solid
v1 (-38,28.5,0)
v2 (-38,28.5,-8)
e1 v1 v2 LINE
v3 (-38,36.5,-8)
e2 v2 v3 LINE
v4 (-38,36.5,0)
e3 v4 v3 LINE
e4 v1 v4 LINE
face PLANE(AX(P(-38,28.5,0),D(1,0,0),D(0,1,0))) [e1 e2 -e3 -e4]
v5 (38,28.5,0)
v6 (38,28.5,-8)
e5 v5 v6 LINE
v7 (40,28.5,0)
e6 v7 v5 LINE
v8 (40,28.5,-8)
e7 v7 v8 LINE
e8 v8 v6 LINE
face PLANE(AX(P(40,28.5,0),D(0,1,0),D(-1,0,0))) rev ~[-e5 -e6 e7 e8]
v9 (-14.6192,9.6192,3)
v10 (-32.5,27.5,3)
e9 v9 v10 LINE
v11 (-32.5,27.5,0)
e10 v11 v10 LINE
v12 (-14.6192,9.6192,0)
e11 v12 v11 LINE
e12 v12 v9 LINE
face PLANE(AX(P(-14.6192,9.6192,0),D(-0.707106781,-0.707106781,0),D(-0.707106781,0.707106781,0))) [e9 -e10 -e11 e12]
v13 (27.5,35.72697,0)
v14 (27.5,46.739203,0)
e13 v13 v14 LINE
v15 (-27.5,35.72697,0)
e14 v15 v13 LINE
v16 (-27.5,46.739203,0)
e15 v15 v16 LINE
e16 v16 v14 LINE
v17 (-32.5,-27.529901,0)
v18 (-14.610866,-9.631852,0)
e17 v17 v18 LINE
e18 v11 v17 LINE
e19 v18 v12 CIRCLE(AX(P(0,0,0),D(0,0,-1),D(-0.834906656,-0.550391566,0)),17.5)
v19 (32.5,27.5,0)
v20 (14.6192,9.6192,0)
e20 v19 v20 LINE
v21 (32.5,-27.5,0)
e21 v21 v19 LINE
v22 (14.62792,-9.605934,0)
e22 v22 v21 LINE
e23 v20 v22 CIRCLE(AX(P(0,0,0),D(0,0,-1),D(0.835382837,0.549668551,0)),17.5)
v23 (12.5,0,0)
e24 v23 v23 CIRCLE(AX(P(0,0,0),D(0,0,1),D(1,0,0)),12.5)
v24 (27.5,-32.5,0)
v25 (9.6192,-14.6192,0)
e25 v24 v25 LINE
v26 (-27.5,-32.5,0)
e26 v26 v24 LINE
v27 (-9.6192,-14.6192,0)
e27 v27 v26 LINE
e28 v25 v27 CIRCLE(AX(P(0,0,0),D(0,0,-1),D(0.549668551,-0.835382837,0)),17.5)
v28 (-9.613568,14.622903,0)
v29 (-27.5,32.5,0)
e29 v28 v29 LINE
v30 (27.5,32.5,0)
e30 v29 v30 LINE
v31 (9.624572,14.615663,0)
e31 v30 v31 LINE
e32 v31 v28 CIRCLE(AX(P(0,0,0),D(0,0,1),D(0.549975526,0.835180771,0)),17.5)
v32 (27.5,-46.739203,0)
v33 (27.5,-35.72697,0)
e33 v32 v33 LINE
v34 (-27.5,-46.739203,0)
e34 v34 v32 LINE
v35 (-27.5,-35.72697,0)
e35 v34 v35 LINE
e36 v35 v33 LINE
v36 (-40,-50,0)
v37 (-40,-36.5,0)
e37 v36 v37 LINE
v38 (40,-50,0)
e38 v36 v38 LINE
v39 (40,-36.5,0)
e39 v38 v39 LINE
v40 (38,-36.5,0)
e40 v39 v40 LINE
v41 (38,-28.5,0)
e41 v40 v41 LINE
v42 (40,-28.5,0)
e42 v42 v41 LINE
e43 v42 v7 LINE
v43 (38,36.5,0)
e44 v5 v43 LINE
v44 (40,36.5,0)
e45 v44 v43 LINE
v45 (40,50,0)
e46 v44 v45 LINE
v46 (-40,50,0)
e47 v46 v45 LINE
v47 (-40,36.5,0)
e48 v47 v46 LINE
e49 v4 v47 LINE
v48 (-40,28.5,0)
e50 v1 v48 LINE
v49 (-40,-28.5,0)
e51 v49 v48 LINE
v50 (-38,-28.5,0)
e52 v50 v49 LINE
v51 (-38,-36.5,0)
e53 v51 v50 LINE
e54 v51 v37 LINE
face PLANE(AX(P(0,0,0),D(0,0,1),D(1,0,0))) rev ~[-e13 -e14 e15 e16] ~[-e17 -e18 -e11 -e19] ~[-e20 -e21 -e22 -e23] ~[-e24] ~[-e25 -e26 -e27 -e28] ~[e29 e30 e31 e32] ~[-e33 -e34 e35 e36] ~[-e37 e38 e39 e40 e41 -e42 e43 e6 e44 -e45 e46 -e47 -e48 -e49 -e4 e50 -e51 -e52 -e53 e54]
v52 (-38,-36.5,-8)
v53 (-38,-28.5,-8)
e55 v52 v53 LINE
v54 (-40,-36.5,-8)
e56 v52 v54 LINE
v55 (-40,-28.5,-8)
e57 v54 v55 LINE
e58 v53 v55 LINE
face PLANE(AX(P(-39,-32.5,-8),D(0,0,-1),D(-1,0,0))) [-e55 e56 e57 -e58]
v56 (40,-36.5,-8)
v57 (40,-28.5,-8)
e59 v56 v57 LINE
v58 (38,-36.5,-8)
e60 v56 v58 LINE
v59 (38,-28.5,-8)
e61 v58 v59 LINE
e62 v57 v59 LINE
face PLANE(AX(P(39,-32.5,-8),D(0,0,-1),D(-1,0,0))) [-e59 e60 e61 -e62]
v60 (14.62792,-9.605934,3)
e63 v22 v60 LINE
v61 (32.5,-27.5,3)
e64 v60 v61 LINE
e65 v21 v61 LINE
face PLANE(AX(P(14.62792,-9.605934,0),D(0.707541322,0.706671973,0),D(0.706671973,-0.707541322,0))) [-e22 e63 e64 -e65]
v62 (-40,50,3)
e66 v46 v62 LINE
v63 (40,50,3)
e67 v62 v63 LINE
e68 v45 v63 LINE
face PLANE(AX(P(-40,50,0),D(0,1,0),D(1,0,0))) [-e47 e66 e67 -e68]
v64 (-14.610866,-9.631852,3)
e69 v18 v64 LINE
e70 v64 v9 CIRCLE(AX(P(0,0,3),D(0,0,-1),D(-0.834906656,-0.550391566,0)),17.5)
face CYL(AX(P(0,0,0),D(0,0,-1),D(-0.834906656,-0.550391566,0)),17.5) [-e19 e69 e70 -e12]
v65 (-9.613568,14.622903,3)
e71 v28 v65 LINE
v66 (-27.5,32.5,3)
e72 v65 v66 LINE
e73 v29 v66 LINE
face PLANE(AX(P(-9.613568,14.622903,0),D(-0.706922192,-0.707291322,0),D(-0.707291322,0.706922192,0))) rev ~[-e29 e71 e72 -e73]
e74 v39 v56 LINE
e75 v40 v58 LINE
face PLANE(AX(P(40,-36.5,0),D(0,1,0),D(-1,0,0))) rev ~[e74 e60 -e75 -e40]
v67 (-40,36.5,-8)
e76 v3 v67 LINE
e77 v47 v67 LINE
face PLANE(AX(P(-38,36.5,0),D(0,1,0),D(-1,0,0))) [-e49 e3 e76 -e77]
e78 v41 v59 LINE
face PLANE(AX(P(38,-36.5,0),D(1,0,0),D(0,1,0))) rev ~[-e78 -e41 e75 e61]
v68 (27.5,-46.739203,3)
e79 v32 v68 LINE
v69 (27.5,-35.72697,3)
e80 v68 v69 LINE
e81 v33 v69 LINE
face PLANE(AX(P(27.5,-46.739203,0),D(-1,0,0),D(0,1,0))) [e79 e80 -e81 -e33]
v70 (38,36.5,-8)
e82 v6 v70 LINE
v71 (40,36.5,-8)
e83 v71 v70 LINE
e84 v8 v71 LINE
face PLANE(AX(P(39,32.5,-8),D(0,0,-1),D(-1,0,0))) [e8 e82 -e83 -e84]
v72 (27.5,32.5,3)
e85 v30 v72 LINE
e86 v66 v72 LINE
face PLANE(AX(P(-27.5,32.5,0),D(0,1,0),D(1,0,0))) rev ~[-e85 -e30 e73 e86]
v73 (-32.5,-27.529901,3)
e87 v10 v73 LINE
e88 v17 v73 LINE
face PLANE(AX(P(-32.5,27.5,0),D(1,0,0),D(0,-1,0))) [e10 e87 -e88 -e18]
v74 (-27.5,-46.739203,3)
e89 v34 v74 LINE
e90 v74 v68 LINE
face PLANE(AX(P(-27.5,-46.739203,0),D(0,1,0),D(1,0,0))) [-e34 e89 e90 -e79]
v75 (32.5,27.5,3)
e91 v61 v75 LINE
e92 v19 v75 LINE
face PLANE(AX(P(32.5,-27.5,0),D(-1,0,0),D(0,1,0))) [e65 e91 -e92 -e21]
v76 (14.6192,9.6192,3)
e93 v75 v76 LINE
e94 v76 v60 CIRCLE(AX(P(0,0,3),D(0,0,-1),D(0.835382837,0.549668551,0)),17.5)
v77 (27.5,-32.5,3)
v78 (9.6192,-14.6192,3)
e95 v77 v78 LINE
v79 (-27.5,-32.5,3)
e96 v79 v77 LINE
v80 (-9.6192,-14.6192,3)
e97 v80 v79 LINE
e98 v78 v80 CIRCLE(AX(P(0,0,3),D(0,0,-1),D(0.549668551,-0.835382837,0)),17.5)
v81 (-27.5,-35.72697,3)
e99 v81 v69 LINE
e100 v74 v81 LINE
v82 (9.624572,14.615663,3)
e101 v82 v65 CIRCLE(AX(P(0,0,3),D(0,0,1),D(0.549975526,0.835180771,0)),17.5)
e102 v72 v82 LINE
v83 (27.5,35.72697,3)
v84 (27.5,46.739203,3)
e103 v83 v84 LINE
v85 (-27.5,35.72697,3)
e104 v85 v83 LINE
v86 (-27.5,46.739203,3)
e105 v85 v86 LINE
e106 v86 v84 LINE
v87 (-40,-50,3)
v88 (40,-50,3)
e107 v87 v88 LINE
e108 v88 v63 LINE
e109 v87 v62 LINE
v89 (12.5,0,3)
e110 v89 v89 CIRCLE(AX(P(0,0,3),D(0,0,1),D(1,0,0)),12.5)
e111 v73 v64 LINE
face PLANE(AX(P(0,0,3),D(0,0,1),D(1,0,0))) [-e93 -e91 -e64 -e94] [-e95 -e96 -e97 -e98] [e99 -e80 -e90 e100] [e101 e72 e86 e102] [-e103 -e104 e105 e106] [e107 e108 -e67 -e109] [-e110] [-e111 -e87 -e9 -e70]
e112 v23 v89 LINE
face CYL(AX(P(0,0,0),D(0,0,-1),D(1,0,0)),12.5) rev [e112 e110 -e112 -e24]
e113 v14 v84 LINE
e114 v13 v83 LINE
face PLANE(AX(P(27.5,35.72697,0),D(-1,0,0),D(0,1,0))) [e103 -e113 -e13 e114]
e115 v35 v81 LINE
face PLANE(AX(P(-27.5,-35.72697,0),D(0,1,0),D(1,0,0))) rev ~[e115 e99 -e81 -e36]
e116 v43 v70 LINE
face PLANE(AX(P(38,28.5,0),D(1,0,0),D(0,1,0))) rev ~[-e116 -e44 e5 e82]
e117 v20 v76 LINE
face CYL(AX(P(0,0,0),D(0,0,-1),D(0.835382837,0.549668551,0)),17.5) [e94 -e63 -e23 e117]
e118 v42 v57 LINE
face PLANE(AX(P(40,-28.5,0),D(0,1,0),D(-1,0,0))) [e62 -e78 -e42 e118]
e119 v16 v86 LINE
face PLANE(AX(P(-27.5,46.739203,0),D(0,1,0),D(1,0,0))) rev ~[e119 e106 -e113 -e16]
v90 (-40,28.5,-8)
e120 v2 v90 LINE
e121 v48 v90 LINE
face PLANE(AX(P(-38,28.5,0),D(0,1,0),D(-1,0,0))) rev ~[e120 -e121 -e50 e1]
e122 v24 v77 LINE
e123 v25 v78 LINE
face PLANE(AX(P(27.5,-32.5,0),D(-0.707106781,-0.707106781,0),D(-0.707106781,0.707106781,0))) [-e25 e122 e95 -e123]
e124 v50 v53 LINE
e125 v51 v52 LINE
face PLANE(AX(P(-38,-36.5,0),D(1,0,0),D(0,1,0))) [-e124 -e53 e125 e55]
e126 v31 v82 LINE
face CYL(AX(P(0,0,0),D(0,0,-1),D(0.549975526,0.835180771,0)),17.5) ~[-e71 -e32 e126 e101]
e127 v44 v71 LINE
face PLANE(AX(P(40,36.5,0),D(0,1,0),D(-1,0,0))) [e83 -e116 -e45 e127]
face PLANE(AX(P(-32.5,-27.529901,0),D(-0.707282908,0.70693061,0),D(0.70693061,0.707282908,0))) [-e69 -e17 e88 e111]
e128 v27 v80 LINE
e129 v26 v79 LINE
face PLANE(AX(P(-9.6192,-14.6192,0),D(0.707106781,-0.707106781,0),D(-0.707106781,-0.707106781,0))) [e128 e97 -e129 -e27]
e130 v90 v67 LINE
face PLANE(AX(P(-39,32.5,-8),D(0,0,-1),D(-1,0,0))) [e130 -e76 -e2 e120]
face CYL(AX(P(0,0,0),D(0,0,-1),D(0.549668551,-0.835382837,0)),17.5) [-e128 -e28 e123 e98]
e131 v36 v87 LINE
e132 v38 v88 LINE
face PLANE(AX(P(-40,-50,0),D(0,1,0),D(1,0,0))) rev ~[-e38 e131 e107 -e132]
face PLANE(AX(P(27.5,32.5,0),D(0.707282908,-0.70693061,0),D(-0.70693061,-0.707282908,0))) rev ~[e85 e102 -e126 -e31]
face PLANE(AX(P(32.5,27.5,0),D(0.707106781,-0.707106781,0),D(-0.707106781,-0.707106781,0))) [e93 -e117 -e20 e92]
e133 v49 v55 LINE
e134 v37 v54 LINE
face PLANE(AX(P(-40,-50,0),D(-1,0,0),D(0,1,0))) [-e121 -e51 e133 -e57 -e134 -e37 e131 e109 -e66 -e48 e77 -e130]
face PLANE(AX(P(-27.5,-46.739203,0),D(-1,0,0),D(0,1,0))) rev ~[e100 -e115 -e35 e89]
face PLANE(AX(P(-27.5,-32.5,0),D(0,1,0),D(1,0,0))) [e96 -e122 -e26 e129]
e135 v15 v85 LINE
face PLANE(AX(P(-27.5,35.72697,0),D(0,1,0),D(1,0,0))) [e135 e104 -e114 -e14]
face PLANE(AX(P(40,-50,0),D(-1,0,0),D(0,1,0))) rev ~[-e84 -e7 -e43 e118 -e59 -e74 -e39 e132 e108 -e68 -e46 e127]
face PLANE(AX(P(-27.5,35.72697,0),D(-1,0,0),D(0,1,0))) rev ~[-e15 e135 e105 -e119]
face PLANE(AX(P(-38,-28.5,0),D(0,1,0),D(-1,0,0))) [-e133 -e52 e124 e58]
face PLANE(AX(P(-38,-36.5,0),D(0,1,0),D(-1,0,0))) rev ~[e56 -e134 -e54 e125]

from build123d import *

# Parameters (mm, degrees)
SKETCH1_W           = 80
SKETCH1_H           = 100
SKETCH1_R           = 12.5
SKETCH1_W_2         = 55
SKETCH1_H_2         = 11.012232525
BOSS_EXTRUDE4_DEPTH = 3
SKETCH4_W           = 2
SKETCH4_H           = 8
BOSS_EXTRUDE7_DEPTH = 8


with BuildPart() as part:
    # Sketch1 → Boss-Extrude4 (new body)
    with BuildSketch(Plane.XY):
        Rectangle(SKETCH1_W, SKETCH1_H)
        Circle(SKETCH1_R, mode=Mode.SUBTRACT)
        with BuildLine():
            Line((-27.5, 32.5), (27.5, 32.5))
            Line((27.5, 32.5), (9.624571705, 14.615663498))
            ThreePointArc((9.624571705, 14.615663498), (0.00658569, 17.499998761), (-9.613568497, 14.622903294))
            Line((-9.613568497, 14.622903294), (-27.5, 32.5))
        make_face(mode=Mode.SUBTRACT)
        with BuildLine():
            Line((-32.5, 27.5), (-32.5, -27.529900959))
            Line((-32.5, -27.529900959), (-14.610866481, -9.631852402))
            ThreePointArc((-14.610866481, -9.631852402), (-17.49999836, -0.007575188), (-14.619199644, 9.619199644))
            Line((-14.619199644, 9.619199644), (-32.5, 27.5))
        make_face(mode=Mode.SUBTRACT)
        with BuildLine():
            Line((-27.5, -32.5), (27.5, -32.5))
            Line((27.5, -32.5), (9.619199644, -14.619199644))
            ThreePointArc((9.619199644, -14.619199644), (0, -17.5), (-9.619199644, -14.619199644))
            Line((-9.619199644, -14.619199644), (-27.5, -32.5))
        make_face(mode=Mode.SUBTRACT)
        with BuildLine():
            Line((32.5, 27.5), (14.619199644, 9.619199644))
            ThreePointArc((14.619199644, 9.619199644), (17.4999982, 0.007937724), (14.627919862, -9.60593361))
            Line((14.627919862, -9.60593361), (32.5, -27.5))
            Line((32.5, -27.5), (32.5, 27.5))
        make_face(mode=Mode.SUBTRACT)
        with Locations((0, -41.233086376)):
            Rectangle(SKETCH1_W_2, SKETCH1_H_2, mode=Mode.SUBTRACT)
        with Locations((0, 41.233086376)):
            Rectangle(SKETCH1_W_2, SKETCH1_H_2, mode=Mode.SUBTRACT)
    extrude(amount=BOSS_EXTRUDE4_DEPTH)

    # Sketch4 → Boss-Extrude7 (add)
    with BuildSketch(Plane(origin=(0, 0, 0), x_dir=(-1, 0, 0), z_dir=(0, 0, -1))):
        with Locations((-39, 32.5)):
            Rectangle(SKETCH4_W, SKETCH4_H)
        with Locations((-39, -32.5)):
            Rectangle(SKETCH4_W, SKETCH4_H)
        with Locations((39, 32.5)):
            Rectangle(SKETCH4_W, SKETCH4_H)
        with Locations((39, -32.5)):
            Rectangle(SKETCH4_W, SKETCH4_H)
    extrude(amount=BOSS_EXTRUDE7_DEPTH)


solid = part.part
